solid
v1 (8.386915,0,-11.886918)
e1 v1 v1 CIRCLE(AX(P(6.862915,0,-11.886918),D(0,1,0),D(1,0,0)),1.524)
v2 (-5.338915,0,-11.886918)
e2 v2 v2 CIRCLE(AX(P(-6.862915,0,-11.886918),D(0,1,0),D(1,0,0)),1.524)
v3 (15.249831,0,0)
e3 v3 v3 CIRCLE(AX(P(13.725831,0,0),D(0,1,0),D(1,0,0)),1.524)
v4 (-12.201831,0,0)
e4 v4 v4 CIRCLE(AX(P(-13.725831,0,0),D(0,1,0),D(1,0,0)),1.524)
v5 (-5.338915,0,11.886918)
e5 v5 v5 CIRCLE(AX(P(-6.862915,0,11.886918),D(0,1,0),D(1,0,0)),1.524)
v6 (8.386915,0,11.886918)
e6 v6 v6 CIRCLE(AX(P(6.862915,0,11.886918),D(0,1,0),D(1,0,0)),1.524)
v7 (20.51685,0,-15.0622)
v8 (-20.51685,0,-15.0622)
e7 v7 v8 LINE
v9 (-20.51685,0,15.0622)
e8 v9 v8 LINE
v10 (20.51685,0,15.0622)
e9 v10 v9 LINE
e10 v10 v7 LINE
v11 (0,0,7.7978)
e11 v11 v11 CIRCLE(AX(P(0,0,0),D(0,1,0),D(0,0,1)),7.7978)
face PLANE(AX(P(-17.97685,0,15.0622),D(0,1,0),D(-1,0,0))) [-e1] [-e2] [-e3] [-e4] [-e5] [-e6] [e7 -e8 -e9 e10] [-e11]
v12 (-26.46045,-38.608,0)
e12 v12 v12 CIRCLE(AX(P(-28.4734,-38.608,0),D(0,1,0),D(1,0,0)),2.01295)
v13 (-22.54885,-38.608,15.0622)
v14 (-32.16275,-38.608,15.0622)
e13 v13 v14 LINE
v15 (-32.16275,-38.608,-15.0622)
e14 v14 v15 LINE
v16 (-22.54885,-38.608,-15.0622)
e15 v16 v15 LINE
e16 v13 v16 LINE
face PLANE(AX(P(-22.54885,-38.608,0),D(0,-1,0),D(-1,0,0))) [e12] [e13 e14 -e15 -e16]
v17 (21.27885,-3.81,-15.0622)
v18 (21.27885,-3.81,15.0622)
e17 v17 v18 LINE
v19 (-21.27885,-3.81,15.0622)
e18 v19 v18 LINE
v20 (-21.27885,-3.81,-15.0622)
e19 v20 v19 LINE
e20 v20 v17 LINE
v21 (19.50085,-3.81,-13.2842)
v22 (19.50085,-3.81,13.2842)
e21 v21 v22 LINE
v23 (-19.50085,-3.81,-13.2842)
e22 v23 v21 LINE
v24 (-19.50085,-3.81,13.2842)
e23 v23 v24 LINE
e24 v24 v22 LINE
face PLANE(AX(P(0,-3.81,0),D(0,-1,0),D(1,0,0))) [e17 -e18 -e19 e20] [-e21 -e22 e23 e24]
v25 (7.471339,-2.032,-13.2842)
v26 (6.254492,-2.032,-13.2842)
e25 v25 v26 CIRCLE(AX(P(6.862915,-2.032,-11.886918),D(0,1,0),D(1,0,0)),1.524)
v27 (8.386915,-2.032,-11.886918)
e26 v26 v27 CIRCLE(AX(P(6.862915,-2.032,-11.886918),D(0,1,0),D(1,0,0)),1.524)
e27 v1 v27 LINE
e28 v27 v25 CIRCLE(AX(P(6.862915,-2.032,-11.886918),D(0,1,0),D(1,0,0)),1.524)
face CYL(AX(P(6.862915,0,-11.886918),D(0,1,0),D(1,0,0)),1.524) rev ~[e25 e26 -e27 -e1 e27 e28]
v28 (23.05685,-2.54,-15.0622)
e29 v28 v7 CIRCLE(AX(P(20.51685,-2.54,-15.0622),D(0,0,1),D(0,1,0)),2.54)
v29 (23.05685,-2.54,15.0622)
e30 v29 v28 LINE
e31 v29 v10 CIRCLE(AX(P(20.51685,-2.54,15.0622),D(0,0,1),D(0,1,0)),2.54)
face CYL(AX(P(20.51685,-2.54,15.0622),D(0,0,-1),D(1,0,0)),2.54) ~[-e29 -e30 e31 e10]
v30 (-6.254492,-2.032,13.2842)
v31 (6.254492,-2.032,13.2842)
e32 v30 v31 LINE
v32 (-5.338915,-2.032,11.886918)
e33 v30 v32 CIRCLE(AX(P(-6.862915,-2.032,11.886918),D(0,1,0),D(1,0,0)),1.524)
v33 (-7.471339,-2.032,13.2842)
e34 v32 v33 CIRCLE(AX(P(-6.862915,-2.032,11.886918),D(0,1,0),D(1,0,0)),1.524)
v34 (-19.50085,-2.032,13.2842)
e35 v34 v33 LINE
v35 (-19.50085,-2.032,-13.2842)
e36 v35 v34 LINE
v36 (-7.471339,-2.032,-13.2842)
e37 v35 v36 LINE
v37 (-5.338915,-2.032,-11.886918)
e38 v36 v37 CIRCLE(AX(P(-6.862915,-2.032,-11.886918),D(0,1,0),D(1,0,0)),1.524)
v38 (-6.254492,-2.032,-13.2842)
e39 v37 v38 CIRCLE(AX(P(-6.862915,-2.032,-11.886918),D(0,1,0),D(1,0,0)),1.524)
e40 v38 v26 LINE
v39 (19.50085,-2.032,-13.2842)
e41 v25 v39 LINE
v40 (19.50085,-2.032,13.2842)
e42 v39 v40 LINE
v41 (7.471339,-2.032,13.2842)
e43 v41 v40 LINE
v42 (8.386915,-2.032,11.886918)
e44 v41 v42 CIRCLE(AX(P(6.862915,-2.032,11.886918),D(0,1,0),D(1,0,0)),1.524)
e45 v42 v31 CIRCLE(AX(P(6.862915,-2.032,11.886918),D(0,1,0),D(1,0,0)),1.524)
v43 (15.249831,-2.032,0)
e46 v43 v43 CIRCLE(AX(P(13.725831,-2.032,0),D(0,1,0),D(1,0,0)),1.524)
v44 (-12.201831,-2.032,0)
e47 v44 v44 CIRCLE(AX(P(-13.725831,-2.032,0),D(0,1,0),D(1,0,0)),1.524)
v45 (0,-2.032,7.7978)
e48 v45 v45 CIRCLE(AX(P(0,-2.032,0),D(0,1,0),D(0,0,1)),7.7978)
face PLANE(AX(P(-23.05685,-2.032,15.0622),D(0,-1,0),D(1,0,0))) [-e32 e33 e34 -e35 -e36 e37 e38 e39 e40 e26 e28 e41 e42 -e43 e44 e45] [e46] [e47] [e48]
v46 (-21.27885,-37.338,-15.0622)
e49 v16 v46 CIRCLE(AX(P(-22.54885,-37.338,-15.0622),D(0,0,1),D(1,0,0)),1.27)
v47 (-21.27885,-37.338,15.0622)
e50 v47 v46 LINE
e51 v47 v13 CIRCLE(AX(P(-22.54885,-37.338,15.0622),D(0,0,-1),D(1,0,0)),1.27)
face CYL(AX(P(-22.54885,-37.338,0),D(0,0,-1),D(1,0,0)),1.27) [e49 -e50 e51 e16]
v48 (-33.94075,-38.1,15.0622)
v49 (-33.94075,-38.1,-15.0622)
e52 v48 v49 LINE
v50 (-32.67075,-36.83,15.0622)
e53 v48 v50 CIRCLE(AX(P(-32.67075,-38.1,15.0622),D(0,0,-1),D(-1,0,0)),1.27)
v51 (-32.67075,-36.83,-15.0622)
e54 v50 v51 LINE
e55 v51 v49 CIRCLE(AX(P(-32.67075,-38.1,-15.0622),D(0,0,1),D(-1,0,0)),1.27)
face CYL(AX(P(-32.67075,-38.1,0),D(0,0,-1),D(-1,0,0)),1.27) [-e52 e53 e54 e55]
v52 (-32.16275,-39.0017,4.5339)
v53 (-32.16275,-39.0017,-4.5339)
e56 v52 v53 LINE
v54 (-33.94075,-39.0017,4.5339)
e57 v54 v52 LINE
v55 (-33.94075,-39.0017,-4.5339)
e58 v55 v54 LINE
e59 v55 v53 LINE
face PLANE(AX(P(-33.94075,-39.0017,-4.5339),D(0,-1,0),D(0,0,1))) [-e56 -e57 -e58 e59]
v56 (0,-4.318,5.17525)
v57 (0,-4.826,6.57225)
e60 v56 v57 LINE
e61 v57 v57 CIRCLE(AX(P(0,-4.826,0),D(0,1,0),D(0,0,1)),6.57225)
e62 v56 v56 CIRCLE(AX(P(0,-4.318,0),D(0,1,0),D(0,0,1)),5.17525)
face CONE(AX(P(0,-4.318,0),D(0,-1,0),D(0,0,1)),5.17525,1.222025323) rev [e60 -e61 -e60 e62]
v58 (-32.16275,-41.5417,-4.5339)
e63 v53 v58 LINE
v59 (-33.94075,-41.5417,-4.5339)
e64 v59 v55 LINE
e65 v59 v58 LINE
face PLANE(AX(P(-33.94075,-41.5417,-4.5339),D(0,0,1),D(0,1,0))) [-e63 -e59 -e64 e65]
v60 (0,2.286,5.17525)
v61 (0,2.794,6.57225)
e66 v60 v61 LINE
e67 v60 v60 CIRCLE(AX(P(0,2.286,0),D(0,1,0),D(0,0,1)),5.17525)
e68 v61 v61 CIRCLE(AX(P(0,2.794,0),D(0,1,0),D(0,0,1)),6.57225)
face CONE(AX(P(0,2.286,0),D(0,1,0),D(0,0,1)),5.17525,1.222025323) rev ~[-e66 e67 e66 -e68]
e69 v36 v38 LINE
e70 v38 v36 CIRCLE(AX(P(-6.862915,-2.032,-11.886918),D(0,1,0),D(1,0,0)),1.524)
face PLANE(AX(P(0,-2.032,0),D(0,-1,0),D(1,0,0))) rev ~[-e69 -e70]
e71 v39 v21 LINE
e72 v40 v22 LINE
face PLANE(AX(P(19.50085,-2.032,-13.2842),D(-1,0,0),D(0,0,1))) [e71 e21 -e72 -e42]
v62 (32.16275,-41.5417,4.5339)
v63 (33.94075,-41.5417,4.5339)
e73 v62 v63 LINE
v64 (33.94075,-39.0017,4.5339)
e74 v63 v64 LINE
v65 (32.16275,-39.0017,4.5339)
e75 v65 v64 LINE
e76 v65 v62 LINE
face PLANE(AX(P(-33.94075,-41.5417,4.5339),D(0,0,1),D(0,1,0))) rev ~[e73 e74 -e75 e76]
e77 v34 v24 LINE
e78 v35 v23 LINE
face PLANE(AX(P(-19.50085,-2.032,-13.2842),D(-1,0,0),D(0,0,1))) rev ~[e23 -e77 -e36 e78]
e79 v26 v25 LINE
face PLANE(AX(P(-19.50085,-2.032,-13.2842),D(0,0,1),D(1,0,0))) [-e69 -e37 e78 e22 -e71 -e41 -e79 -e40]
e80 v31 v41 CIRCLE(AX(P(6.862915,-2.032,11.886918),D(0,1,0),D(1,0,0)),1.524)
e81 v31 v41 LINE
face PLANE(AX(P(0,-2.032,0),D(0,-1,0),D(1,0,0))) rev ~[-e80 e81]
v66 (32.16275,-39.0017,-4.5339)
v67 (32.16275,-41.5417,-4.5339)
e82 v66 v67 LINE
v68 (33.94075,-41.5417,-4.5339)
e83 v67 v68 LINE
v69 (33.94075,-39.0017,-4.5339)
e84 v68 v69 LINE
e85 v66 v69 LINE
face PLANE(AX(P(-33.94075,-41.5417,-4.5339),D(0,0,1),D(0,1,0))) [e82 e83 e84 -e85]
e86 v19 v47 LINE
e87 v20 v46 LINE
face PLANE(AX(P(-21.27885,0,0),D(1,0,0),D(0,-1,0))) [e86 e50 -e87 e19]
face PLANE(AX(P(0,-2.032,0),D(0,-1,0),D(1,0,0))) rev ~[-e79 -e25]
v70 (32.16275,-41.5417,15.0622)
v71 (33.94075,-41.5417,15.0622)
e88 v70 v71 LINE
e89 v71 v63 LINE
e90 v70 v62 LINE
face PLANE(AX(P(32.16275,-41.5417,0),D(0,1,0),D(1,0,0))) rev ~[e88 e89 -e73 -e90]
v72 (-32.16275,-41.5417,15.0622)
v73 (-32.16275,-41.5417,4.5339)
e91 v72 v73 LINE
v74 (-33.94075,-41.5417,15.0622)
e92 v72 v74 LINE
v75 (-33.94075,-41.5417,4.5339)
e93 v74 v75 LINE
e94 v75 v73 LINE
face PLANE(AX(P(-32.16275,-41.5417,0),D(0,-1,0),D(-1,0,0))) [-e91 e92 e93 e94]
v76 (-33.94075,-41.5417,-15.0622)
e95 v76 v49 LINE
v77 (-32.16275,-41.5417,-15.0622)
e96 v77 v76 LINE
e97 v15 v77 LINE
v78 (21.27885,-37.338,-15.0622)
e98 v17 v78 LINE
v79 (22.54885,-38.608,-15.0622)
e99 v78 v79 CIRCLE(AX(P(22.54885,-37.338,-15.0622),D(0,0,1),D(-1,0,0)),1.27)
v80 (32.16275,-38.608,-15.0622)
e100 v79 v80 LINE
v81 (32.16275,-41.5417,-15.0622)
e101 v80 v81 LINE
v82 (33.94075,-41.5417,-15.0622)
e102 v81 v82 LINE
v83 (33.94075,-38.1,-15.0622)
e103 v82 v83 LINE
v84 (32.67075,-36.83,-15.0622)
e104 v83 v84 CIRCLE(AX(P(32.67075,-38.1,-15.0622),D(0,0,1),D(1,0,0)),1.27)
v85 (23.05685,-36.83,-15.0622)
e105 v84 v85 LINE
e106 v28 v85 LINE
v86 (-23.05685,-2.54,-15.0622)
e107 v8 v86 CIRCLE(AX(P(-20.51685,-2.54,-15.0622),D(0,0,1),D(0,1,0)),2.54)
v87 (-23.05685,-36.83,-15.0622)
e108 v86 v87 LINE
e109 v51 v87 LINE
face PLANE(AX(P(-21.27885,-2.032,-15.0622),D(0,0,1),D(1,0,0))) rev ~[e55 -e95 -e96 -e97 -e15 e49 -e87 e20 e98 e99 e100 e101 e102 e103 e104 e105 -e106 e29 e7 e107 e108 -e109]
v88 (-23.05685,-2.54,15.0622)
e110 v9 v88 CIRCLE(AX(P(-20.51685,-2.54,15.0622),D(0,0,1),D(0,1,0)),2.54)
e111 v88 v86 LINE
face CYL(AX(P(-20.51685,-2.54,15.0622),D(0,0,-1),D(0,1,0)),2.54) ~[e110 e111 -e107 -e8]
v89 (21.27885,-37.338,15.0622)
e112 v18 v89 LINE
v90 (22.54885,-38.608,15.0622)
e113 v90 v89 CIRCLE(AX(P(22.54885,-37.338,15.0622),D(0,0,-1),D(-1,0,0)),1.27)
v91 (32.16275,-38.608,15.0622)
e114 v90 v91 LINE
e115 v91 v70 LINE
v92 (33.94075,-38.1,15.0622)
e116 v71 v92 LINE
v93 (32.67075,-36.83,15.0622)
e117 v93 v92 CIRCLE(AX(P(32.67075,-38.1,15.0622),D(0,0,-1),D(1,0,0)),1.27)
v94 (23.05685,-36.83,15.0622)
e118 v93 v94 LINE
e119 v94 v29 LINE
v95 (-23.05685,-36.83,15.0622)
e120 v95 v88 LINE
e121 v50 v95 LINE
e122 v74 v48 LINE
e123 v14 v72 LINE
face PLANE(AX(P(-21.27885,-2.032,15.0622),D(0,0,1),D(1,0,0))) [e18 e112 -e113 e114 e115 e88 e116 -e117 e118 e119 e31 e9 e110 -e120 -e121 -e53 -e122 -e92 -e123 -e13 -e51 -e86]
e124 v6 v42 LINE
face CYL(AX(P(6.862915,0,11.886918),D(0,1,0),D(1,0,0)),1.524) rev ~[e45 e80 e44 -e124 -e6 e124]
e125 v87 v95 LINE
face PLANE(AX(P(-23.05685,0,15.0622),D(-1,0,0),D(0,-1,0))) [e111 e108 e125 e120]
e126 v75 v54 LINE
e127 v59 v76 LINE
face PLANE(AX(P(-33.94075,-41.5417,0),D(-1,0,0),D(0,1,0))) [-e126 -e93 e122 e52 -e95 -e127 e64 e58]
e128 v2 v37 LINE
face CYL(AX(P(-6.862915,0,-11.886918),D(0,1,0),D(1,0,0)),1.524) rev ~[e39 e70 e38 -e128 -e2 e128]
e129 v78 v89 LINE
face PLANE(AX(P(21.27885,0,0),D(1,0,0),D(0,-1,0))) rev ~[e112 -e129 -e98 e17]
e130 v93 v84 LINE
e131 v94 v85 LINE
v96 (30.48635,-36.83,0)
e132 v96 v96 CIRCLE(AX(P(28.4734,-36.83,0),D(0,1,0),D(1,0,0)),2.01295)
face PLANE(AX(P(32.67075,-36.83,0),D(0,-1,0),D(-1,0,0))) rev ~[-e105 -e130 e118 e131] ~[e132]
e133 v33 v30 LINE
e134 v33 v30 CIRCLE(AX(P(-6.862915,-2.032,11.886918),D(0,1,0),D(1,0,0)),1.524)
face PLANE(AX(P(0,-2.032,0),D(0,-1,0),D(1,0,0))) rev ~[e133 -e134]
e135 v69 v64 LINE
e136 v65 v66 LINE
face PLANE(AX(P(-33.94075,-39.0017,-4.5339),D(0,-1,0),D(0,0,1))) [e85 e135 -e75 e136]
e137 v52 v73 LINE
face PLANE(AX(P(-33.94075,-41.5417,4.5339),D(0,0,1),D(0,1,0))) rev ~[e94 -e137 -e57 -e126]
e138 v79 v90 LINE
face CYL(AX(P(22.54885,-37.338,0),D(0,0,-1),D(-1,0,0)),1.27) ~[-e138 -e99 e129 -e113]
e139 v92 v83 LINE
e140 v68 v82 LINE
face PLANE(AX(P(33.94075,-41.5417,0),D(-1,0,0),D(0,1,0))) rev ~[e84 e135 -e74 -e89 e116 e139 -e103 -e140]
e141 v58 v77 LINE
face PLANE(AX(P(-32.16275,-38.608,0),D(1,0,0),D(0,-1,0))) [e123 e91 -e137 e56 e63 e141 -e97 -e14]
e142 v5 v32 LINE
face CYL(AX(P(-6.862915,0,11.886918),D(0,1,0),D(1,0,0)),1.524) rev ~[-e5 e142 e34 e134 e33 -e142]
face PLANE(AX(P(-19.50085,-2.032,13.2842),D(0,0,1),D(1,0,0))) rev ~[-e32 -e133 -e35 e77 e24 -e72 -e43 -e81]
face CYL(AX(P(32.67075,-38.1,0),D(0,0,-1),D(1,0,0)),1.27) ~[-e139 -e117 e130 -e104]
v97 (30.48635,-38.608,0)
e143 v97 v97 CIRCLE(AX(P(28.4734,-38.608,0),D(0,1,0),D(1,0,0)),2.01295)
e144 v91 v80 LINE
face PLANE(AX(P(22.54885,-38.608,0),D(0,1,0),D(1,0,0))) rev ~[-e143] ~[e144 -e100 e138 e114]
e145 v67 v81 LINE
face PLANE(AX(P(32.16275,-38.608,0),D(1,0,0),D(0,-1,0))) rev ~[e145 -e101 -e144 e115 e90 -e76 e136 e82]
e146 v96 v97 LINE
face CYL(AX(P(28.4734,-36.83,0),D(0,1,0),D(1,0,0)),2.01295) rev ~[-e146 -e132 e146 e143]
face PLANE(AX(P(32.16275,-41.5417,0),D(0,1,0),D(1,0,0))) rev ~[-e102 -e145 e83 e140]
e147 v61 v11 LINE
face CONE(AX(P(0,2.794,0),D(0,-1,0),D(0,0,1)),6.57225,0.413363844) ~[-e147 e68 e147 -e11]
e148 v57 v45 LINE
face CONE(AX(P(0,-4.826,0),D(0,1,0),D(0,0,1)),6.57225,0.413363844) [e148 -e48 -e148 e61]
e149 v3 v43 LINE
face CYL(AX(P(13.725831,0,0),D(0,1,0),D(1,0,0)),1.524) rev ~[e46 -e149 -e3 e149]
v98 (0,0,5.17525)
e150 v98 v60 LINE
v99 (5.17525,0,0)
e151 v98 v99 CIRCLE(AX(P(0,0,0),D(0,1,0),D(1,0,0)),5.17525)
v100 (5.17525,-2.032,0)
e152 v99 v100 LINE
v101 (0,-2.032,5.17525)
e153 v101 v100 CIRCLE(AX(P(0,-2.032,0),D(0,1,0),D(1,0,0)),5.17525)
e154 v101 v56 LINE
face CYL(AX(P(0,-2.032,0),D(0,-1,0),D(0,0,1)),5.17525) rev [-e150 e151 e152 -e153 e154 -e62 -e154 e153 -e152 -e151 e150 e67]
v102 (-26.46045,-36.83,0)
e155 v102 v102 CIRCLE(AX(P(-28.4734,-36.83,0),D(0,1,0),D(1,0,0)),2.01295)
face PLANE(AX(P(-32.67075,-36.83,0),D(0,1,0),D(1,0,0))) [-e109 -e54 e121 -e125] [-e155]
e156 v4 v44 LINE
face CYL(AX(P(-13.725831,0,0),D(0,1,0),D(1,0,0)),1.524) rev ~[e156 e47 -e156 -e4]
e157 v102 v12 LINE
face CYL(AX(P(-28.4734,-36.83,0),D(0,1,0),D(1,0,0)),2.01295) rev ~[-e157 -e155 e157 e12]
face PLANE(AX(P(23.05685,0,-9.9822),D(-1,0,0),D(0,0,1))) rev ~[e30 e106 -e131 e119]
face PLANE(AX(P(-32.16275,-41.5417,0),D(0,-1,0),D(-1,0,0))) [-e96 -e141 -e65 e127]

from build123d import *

# Parameters (mm, degrees)
SKETCH1_R                       = 7.7978
SKETCH1_R_2                     = 6.57225
SKETCH1_R_3                     = 5.17525
BOSS_EXTRUDE1_DEPTH             = 2.032
BOSS_EXTRUDE2_REACH             = 17.062
BOSS_EXTRUDE2_DIRECTION_2_REACH = 17.062
SKETCH4_W                       = 3.302
SKETCH4_H                       = 2.032
BOSS_EXTRUDE3_DEPTH             = 30.1244
FILLET1_R                       = 2.54
FILLET2_R                       = 2.54
SKETCH5_W                       = 9.0678
SKETCH5_H                       = 2.54
CUT_EXTRUDE1_DEPTH              = 116.84
SKETCH6_R                       = 2.01295
CUT_EXTRUDE2_DEPTH              = 5.7117
SKETCH7_R                       = 1.524
CUT_EXTRUDE3_DEPTH              = 42.5417
SKETCH9_W                       = 42.5577
SKETCH9_H                       = 30.1244
SKETCH9_W_2                     = 39.0017
SKETCH9_H_2                     = 26.5684
BOSS_EXTRUDE4_DEPTH             = 1.778


with BuildPart() as part:
    # Sketch1 → Boss-Extrude1 (new body)
    with BuildSketch(Plane(origin=(0, 0, 0), x_dir=(1, 0, 0), z_dir=(0, 1, 0))):
        with BuildLine():
            ThreePointArc((-23.05685, 9.9822), (-21.568952448, 13.574302448), (-17.97685, 15.0622))
            Line((-17.97685, 15.0622), (17.97685, 15.0622))
            ThreePointArc((17.97685, 15.0622), (21.568952448, 13.574302448), (23.05685, 9.9822))
            Line((23.05685, 9.9822), (23.05685, -9.9822))
            ThreePointArc((23.05685, -9.9822), (21.568952448, -13.574302448), (17.97685, -15.0622))
            Line((17.97685, -15.0622), (-17.97685, -15.0622))
            ThreePointArc((-17.97685, -15.0622), (-21.568952448, -13.574302448), (-23.05685, -9.9822))
            Line((-23.05685, -9.9822), (-23.05685, 9.9822))
        make_face()
        Circle(SKETCH1_R, mode=Mode.SUBTRACT)
        Circle(SKETCH1_R)
        Circle(SKETCH1_R_2, mode=Mode.SUBTRACT)
        Circle(SKETCH1_R_2)
        Circle(SKETCH1_R_3, mode=Mode.SUBTRACT)
    extrude(amount=-BOSS_EXTRUDE1_DEPTH)

    # Sketch2 → Revolve1 (revolve)
    with BuildSketch(Plane(origin=(0, 0, 0), x_dir=(0, 0, -1), z_dir=(1, 0, 0))):
        Polygon((-5.17525, 2.286), (-6.57225, 2.794), (-7.7978, 0), (-5.17525, 0), align=None)
    revolve1 = revolve(axis=Axis((0, 0, 0), (0, 1, 0)))

    # Boss-Extrude2: up to this face of the body (flat: up to its plane)
    boss_extrude2_end = Plane(part.part.faces().sort_by_distance((0, -1.016, 15.0622))[0])
    # Sketch3 → Boss-Extrude2 (add, up to the picked face)
    with BuildSketch(Plane.XY, mode=Mode.PRIVATE) as boss_extrude2_sk1:
        with BuildLine():
            ThreePointArc((-23.05685, -1.27), (-22.684875612, -0.371974388), (-21.78685, 0))
            Line((-21.78685, 0), (-21.27885, 0))
            Line((-21.27885, 0), (-21.27885, -37.338))
            ThreePointArc((-21.27885, -37.338), (-21.650824388, -38.236025612), (-22.54885, -38.608))
            Line((-22.54885, -38.608), (-23.05685, -38.608))
            Line((-23.05685, -38.608), (-32.16275, -38.608))
            Line((-32.16275, -38.608), (-32.16275, -41.5417))
            Line((-32.16275, -41.5417), (-33.94075, -41.5417))
            Line((-33.94075, -41.5417), (-33.94075, -38.1))
            ThreePointArc((-33.94075, -38.1), (-33.568775612, -37.201974388), (-32.67075, -36.83))
            Line((-32.67075, -36.83), (-32.16275, -36.83))
            Line((-32.16275, -36.83), (-23.05685, -36.83))
            Line((-23.05685, -36.83), (-23.05685, -1.27))
        make_face()
    boss_extrude2_tool1 = split(extrude(boss_extrude2_sk1.sketch, amount=BOSS_EXTRUDE2_REACH, mode=Mode.PRIVATE), bisect_by=boss_extrude2_end, keep=Keep.BOTH, mode=Mode.PRIVATE)
    add(boss_extrude2_tool1.solids().sort_by_distance((-32.41675, -37.264285, 0))[0])
    # Sketch3 → Boss-Extrude2 (add, up to the picked face)
    with BuildSketch(Plane.XY, mode=Mode.PRIVATE) as boss_extrude2_sk2:
        with BuildLine():
            Line((21.27885, 0), (21.27885, -37.338))
            ThreePointArc((21.27885, -37.338), (21.650824388, -38.236025612), (22.54885, -38.608))
            Line((22.54885, -38.608), (23.05685, -38.608))
            Line((23.05685, -38.608), (32.16275, -38.608))
            Line((32.16275, -38.608), (32.16275, -41.5417))
            Line((32.16275, -41.5417), (33.94075, -41.5417))
            Line((33.94075, -41.5417), (33.94075, -38.1))
            ThreePointArc((33.94075, -38.1), (33.568775612, -37.201974388), (32.67075, -36.83))
            Line((32.67075, -36.83), (32.16275, -36.83))
            Line((32.16275, -36.83), (23.05685, -36.83))
            Line((23.05685, -36.83), (23.05685, -1.27))
            ThreePointArc((23.05685, -1.27), (22.684875612, -0.371974388), (21.78685, 0))
            Line((21.78685, 0), (21.27885, 0))
        make_face()
    boss_extrude2_tool2 = split(extrude(boss_extrude2_sk2.sketch, amount=BOSS_EXTRUDE2_REACH, mode=Mode.PRIVATE), bisect_by=boss_extrude2_end, keep=Keep.BOTH, mode=Mode.PRIVATE)
    add(boss_extrude2_tool2.solids().sort_by_distance((27.6098, -38.173715, 0))[0])

    # Boss-Extrude2 direction 2: up to this face of the body (flat: up to its plane)
    boss_extrude2_direction_2_end = Plane(part.part.faces().sort_by_distance((0, -1.016, -15.0622))[0])
    # Sketch3 → Boss-Extrude2 direction 2 (add, up to the picked face)
    with BuildSketch(Plane.XY, mode=Mode.PRIVATE) as boss_extrude2_direction_2_sk1:
        with BuildLine():
            ThreePointArc((-23.05685, -1.27), (-22.684875612, -0.371974388), (-21.78685, 0))
            Line((-21.78685, 0), (-21.27885, 0))
            Line((-21.27885, 0), (-21.27885, -37.338))
            ThreePointArc((-21.27885, -37.338), (-21.650824388, -38.236025612), (-22.54885, -38.608))
            Line((-22.54885, -38.608), (-23.05685, -38.608))
            Line((-23.05685, -38.608), (-32.16275, -38.608))
            Line((-32.16275, -38.608), (-32.16275, -41.5417))
            Line((-32.16275, -41.5417), (-33.94075, -41.5417))
            Line((-33.94075, -41.5417), (-33.94075, -38.1))
            ThreePointArc((-33.94075, -38.1), (-33.568775612, -37.201974388), (-32.67075, -36.83))
            Line((-32.67075, -36.83), (-32.16275, -36.83))
            Line((-32.16275, -36.83), (-23.05685, -36.83))
            Line((-23.05685, -36.83), (-23.05685, -1.27))
        make_face()
    boss_extrude2_direction_2_tool1 = split(extrude(boss_extrude2_direction_2_sk1.sketch, amount=-BOSS_EXTRUDE2_DIRECTION_2_REACH, mode=Mode.PRIVATE), bisect_by=boss_extrude2_direction_2_end, keep=Keep.BOTH, mode=Mode.PRIVATE)
    add(boss_extrude2_direction_2_tool1.solids().sort_by_distance((-32.41675, -37.264285, 0))[0])
    # Sketch3 → Boss-Extrude2 direction 2 (add, up to the picked face)
    with BuildSketch(Plane.XY, mode=Mode.PRIVATE) as boss_extrude2_direction_2_sk2:
        with BuildLine():
            Line((21.27885, 0), (21.27885, -37.338))
            ThreePointArc((21.27885, -37.338), (21.650824388, -38.236025612), (22.54885, -38.608))
            Line((22.54885, -38.608), (23.05685, -38.608))
            Line((23.05685, -38.608), (32.16275, -38.608))
            Line((32.16275, -38.608), (32.16275, -41.5417))
            Line((32.16275, -41.5417), (33.94075, -41.5417))
            Line((33.94075, -41.5417), (33.94075, -38.1))
            ThreePointArc((33.94075, -38.1), (33.568775612, -37.201974388), (32.67075, -36.83))
            Line((32.67075, -36.83), (32.16275, -36.83))
            Line((32.16275, -36.83), (23.05685, -36.83))
            Line((23.05685, -36.83), (23.05685, -1.27))
            ThreePointArc((23.05685, -1.27), (22.684875612, -0.371974388), (21.78685, 0))
            Line((21.78685, 0), (21.27885, 0))
        make_face()
    boss_extrude2_direction_2_tool2 = split(extrude(boss_extrude2_direction_2_sk2.sketch, amount=-BOSS_EXTRUDE2_DIRECTION_2_REACH, mode=Mode.PRIVATE), bisect_by=boss_extrude2_direction_2_end, keep=Keep.BOTH, mode=Mode.PRIVATE)
    add(boss_extrude2_direction_2_tool2.solids().sort_by_distance((27.6098, -38.173715, 0))[0])

    # Sketch4 → Boss-Extrude3 (add)
    with BuildSketch(Plane.XY.offset(15.0622)):
        with BuildLine():
            ThreePointArc((-23.05685, -1.27), (-22.684875612, -0.371974388), (-21.78685, 0))
            Line((-21.78685, 0), (-23.05685, 0))
            Line((-23.05685, 0), (-23.05685, -1.27))
        make_face()
        with BuildLine():
            Line((-21.27885, -2.032), (-21.27885, 0))
            Line((-21.27885, 0), (-21.78685, 0))
            ThreePointArc((-21.78685, 0), (-22.684875612, -0.371974388), (-23.05685, -1.27))
            Line((-23.05685, -1.27), (-23.05685, -2.032))
            Line((-23.05685, -2.032), (-21.27885, -2.032))
        make_face()
        with Locations((-19.62785, -1.016)):
            Rectangle(SKETCH4_W, SKETCH4_H)
        Polygon((23.05685, 0), (21.27885, 0), (17.97685, 0), (17.97685, -2.032), (21.27885, -2.032), (23.05685, -2.032), align=None)
    extrude(amount=-BOSS_EXTRUDE3_DEPTH)

    # Fillet1
    fillet1_edges = [part.edges().sort_by_distance(p)[0] for p in [
        (23.05685, 0, 0),
    ]]
    fillet(fillet1_edges, radius=FILLET1_R)

    # Fillet2
    fillet2_edges = [part.edges().sort_by_distance(p)[0] for p in [
        (-23.05685, 0, 0),
    ]]
    fillet(fillet2_edges, radius=FILLET2_R)

    # Sketch5 → Cut-Extrude1 (cut)
    with BuildSketch(Plane.ZY.offset(33.94075)):
        with Locations((0, -40.2717)):
            Rectangle(SKETCH5_W, SKETCH5_H)
    extrude(amount=-CUT_EXTRUDE1_DEPTH, mode=Mode.SUBTRACT)

    # Sketch6 → Cut-Extrude2 (cut, through all)
    with BuildSketch(Plane(origin=(0, -36.83, 0), x_dir=(1, 0, 0), z_dir=(0, 1, 0))):
        with Locations((-28.4734, 0)):
            Circle(SKETCH6_R)
        with Locations((28.4734, 0)):
            Circle(SKETCH6_R)
    extrude(amount=-CUT_EXTRUDE2_DEPTH, mode=Mode.SUBTRACT)

    # Sketch7 → Cut-Extrude3 (cut, through all)
    with BuildSketch(Plane(origin=(0, 0, 0), x_dir=(1, 0, 0), z_dir=(0, 1, 0))):
        with Locations((13.725830849, 0)):
            Circle(SKETCH7_R)
        with Locations((-13.725830849, 0)):
            Circle(SKETCH7_R)
        with Locations((-6.862915424, -11.886918203)):
            Circle(SKETCH7_R)
        with Locations((6.862915424, 11.886918203)):
            Circle(SKETCH7_R)
        with Locations((-6.862915424, 11.886918203)):
            Circle(SKETCH7_R)
        with Locations((6.862915424, -11.886918203)):
            Circle(SKETCH7_R)
    extrude(amount=-CUT_EXTRUDE3_DEPTH, mode=Mode.SUBTRACT)

    # Mirror4: Revolve1 across plane
    add(revolve1.mirror(Plane.ZX.offset(-1.016)))

    # Sketch9 → Boss-Extrude4 (add)
    with BuildSketch(Plane.XZ.offset(2.032)):
        Rectangle(SKETCH9_W, SKETCH9_H)
        Rectangle(SKETCH9_W_2, SKETCH9_H_2, mode=Mode.SUBTRACT)
    extrude(amount=BOSS_EXTRUDE4_DEPTH)


solid = part.part
